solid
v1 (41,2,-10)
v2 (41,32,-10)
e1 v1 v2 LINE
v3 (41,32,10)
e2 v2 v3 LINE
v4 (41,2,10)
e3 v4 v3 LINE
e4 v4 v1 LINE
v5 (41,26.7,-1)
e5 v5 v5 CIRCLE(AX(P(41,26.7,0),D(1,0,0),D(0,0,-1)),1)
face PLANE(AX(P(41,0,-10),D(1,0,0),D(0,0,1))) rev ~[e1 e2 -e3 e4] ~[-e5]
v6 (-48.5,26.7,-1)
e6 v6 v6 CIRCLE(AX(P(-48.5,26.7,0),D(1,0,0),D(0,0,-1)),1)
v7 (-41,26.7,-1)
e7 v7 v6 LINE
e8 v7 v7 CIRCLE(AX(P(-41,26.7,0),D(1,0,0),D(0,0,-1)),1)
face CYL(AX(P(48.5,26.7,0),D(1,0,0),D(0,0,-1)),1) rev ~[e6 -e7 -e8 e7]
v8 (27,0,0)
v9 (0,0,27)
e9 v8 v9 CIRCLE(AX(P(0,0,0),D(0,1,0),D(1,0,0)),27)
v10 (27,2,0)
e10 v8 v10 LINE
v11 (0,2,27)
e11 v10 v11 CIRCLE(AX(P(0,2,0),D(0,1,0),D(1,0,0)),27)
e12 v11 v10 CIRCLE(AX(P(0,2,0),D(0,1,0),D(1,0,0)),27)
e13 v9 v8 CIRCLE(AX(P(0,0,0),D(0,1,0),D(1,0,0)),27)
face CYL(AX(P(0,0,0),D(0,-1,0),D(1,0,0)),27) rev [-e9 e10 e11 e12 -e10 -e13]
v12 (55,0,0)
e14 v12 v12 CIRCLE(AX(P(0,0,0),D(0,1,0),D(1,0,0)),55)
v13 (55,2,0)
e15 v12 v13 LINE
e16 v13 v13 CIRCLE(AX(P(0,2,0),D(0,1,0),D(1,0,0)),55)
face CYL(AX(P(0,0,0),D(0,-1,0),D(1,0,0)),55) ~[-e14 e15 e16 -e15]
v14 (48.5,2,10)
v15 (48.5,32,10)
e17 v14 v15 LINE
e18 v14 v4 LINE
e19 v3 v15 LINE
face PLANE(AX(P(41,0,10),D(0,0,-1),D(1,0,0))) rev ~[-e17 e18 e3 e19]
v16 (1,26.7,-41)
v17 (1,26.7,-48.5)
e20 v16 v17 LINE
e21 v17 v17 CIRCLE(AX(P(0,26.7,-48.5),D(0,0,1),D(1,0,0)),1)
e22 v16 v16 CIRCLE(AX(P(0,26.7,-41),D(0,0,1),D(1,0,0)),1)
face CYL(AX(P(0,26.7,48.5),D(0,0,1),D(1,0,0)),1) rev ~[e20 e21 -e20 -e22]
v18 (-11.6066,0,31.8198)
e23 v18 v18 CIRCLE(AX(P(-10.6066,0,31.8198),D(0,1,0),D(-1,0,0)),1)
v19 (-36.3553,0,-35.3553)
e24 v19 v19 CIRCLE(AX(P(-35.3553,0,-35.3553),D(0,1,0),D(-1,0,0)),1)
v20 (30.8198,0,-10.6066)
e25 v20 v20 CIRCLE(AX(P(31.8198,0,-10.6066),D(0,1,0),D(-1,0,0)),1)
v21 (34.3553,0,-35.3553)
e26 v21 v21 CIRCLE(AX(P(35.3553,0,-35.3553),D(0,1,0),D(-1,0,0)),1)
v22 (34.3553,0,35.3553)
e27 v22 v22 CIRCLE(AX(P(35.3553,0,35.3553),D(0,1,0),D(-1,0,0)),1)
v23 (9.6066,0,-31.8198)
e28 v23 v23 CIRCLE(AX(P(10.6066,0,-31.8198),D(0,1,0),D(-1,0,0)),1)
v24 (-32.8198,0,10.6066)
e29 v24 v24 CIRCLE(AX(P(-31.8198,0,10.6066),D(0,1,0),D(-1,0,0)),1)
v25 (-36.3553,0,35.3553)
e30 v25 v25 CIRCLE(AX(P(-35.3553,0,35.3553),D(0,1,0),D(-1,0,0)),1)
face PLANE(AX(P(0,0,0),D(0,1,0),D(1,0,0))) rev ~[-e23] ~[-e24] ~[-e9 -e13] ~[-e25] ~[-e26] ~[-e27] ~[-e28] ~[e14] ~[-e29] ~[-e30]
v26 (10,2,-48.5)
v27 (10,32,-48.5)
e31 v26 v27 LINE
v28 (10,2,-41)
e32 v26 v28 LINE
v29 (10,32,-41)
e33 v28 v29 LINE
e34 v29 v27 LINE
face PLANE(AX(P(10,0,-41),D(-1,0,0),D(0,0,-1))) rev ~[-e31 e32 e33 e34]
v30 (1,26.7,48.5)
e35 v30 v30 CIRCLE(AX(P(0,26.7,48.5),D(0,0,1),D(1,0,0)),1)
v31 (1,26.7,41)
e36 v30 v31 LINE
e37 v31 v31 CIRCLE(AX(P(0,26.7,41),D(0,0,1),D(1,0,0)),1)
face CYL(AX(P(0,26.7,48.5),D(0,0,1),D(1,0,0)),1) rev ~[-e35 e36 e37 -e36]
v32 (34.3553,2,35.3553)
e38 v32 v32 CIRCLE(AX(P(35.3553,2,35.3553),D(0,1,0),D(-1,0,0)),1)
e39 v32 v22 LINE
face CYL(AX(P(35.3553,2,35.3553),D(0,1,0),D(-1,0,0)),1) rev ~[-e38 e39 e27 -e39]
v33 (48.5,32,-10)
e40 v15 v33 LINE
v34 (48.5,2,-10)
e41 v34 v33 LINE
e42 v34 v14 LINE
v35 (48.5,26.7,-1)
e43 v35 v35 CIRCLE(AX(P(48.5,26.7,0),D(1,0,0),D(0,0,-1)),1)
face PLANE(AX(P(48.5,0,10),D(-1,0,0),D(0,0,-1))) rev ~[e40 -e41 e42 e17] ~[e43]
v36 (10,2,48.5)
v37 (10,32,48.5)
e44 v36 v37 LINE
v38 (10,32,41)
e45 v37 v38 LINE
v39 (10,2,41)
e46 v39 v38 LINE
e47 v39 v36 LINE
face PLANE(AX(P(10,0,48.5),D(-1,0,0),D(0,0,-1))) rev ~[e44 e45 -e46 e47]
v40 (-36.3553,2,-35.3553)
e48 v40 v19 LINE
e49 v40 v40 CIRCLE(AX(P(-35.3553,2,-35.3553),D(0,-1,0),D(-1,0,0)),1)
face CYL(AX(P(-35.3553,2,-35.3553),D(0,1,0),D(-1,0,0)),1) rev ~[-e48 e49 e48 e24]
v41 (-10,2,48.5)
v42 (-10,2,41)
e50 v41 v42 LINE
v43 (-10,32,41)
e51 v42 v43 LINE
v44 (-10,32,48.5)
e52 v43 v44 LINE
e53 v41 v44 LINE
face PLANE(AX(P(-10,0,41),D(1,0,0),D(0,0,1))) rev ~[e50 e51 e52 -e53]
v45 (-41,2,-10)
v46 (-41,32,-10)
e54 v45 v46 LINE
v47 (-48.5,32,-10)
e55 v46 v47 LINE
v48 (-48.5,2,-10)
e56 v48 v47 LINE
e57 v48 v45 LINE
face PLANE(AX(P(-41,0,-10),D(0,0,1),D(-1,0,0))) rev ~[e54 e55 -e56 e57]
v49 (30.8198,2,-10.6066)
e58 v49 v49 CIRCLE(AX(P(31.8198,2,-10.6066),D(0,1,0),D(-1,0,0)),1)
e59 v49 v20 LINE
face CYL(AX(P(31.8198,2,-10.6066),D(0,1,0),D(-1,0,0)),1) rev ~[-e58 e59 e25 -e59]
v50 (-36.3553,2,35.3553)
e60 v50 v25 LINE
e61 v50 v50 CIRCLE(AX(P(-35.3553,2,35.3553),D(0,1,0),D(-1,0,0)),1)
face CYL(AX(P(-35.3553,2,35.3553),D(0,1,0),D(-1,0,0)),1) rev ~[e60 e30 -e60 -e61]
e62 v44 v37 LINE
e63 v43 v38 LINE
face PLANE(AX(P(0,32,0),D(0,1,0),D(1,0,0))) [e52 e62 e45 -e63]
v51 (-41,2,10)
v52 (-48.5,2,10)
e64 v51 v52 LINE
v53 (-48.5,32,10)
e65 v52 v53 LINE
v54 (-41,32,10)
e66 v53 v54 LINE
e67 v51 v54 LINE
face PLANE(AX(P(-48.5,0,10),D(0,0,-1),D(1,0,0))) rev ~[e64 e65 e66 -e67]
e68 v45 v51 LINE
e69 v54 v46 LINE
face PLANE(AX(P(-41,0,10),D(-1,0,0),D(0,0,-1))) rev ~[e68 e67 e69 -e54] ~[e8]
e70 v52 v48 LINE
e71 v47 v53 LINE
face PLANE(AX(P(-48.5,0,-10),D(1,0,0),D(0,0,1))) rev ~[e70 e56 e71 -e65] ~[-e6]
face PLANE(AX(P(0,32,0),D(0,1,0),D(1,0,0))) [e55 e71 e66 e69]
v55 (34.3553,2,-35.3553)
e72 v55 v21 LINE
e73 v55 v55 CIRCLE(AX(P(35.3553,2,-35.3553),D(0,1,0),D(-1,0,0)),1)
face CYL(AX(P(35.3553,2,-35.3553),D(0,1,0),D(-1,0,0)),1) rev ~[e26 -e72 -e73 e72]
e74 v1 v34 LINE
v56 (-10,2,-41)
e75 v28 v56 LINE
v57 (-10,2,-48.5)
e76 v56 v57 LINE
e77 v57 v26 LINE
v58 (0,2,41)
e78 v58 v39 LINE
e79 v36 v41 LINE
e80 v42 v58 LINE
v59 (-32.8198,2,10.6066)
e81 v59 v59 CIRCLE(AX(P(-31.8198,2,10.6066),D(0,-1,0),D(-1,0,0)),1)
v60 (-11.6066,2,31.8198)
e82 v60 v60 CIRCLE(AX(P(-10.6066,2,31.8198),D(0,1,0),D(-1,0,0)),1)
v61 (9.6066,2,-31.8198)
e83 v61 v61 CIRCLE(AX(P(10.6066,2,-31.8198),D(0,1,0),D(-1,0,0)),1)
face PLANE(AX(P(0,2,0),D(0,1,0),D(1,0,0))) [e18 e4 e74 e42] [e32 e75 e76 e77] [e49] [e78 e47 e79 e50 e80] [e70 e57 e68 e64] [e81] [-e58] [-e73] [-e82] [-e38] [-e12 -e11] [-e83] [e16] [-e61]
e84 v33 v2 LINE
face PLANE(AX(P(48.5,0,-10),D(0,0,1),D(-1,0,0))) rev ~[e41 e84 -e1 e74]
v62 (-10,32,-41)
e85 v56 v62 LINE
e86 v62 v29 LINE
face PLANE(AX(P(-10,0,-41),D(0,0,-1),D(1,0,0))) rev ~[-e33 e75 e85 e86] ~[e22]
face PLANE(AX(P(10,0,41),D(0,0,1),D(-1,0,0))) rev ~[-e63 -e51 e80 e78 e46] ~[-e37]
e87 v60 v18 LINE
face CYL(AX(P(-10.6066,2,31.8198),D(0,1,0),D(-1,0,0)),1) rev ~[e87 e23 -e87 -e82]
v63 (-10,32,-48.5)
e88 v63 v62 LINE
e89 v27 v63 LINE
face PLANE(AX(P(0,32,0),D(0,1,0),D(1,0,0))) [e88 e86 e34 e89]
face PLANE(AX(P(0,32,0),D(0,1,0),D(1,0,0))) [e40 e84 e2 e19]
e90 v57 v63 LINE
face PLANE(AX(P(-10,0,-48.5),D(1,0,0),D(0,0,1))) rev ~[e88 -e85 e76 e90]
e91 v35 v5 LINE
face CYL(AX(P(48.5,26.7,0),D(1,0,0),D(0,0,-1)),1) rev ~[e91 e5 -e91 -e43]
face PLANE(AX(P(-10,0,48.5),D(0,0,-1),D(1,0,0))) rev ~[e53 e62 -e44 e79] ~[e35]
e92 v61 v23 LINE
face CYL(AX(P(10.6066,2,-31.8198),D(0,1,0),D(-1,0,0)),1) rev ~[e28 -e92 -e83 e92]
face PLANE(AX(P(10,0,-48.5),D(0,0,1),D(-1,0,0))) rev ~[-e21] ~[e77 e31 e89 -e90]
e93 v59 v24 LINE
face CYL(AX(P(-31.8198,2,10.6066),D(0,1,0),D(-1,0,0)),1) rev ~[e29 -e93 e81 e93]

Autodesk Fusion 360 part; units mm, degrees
sketch "Sketch1" plane through (0, 0, 0) normal (0, 1, 0) x (1, 0, 0)
  circle A0 centre (0, 0) radius 27
  circle A1 centre (0, 0) radius 55
  line L0 (10, -41) -> (-10, -41)
  line L1 (-10, -41) -> (-10, -48.5)
  line L2 (-10, -48.5) -> (10, -48.5)
  line L3 (10, -48.5) -> (10, -41)
  line L4 (10, -41) -> (-10, -48.5) construction
  line L5 (-10, -41) -> (10, -48.5) construction
  line L6 (41, 10) -> (48.5, -10) construction
  line L7 (41, 10) -> (41, -10)
  line L8 (48.5, -10) -> (48.5, 10)
  line L9 (48.5, 10) -> (41, 10)
  line L10 (41, -10) -> (48.5, 10) construction
  line L11 (41, -10) -> (48.5, -10)
  line L12 (-10, 41) -> (10, 48.5) construction
  line L13 (-10, 41) -> (10, 41)
  line L14 (10, 48.5) -> (-10, 48.5)
  line L15 (-10, 48.5) -> (-10, 41)
  line L16 (10, 41) -> (-10, 48.5) construction
  line L17 (10, 41) -> (10, 48.5)
  line L18 (-41, -10) -> (-48.5, 10) construction
  line L19 (-41, -10) -> (-41, 10)
  line L20 (-48.5, 10) -> (-48.5, -10)
  line L21 (-48.5, -10) -> (-41, -10)
  line L22 (-41, 10) -> (-48.5, -10) construction
  line L23 (-41, 10) -> (-48.5, 10)
  line L24 (0, 0) -> (0, -44.75)
  line L25 (0, 0) -> (27, 0)
  point P0 (0, -44.75)
  point P1 (44.75, 0)
  point P2 (0, 44.75)
  point P3 (-44.75, 0)
  dimension "d1" = 54
  dimension "d2" = 110
  dimension "d7" = 7.5
  dimension "d8" = 20
  dimension "d9" = 41
  dimension "d11" = 360
extrude "Extrude3" add sketch "Sketch1" along normal blind 2 contours L0 L1 L2 L3 | A1 | L7 L8 L9 L11 | L13 L14 L15 L17 | L19 L20 L21 L23
extrude "Extrude5" add sketch "Sketch1" along normal blind 32 contours L0 L1 L2 L3 | L7 L8 L9 L11 | L13 L14 L15 L17 | L19 L20 L21 L23
sketch "Sketch6" plane through (0, 2, 0) normal (0, 1, 0) x (-1, 0, 0)
  line L0 (-10, 48.5) -> (10, 48.5)
  line L1 (10, 48.5) -> (10, 41)
  line L2 (10, 41) -> (-10, 41)
  line L3 (-10, 41) -> (-10, 48.5)
  line L4 (41, -10) -> (41, 10)
  line L5 (41, 10) -> (48.5, 10)
  line L6 (48.5, 10) -> (48.5, -10)
  line L7 (48.5, -10) -> (41, -10)
  line L8 (-41, 10) -> (-41, -10)
  line L9 (-41, -10) -> (-48.5, -10)
  line L10 (-48.5, -10) -> (-48.5, 10)
  line L11 (-48.5, 10) -> (-41, 10)
  line L12 (-10, -41) -> (10, -41)
  line L13 (10, -41) -> (10, -48.5)
  line L14 (10, -48.5) -> (-10, -48.5)
  line L15 (-10, -48.5) -> (-10, -41)
  circle A0 centre (0, 0) radius 27
  circle A1 centre (0, 0) radius 55
  line L16 (29.6985, 15.5563) -> (26.8701, 12.7279)
  line L17 (12.7279, 26.8701) -> (15.5563, 29.6985)
  line L18 (18.1297, 22.7228) -> (20.9915, 22.7228) construction
  line L19 (15.3614, 25.1762) -> (18.4198, 25.1762) construction
  line L20 (17.8019, 25.9553) -> (17.4822, 25.9553) construction
  line L21 (29.6985, 15.5563) -> (26.8701, 12.7279)
  line L22 (26.8701, 12.7279) -> (22.6274, 16.9706)
  line L23 (22.6274, 16.9706) -> (25.4558, 19.799)
  line L24 (25.4558, 19.799) -> (29.6985, 15.5563)
  line L25 (15.5563, 29.6985) -> (12.7279, 26.8701)
  line L26 (12.7279, 26.8701) -> (16.9706, 22.6274)
  line L27 (16.9706, 22.6274) -> (19.799, 25.4558)
  line L28 (19.799, 25.4558) -> (15.5563, 29.6985)
  line L29 (22.6274, 16.9706) -> (16.9706, 22.6274)
  line L30 (0, 0) -> (27, 0)
  line L31 (0, 0) -> (19.799, 19.799)
  line L32 (-15.3614, -25.1762) -> (-18.4198, -25.1762) construction
  line L33 (-22.6274, -16.9706) -> (-25.4558, -19.799)
  line L34 (-12.7279, -26.8701) -> (-15.5563, -29.6985)
  line L35 (-26.8701, -12.7279) -> (-22.6274, -16.9706)
  line L36 (-12.7279, -26.8701) -> (-16.9706, -22.6274)
  line L37 (-25.4558, -19.799) -> (-29.6985, -15.5563)
  line L38 (-29.6985, -15.5563) -> (-26.8701, -12.7279)
  line L39 (-18.1297, -22.7228) -> (-20.9915, -22.7228) construction
  line L40 (-29.6985, -15.5563) -> (-26.8701, -12.7279)
  line L41 (-19.799, -25.4558) -> (-15.5563, -29.6985)
  line L42 (-16.9706, -22.6274) -> (-19.799, -25.4558)
  line L43 (-22.6274, -16.9706) -> (-16.9706, -22.6274)
  line L44 (-15.5563, -29.6985) -> (-12.7279, -26.8701)
  line L45 (-17.8019, -25.9553) -> (-17.4822, -25.9553) construction
  circle A2 centre (35.3553, -35.3553) radius 1
  line L46 (35.3553, -35.3553) -> (0, 0)
  circle A3 centre (35.3553, 35.3553) radius 1
  circle A4 centre (-35.3553, 35.3553) radius 1
  circle A5 centre (-35.3553, -35.3553) radius 1
  circle A6 centre (31.8198, 10.6066) radius 1
  line L47 (28.2843, 14.1421) -> (31.8198, 10.6066)
  line L48 (19.799, 19.799) -> (22.225, 22.225)
  circle A7 centre (10.6066, 31.8198) radius 1
  circle A8 centre (-31.8198, -10.6066) radius 1
  circle A9 centre (-10.6066, -31.8198) radius 1
  point P0 (19.799, 19.799)
  point P1 (-19.799, -19.799)
  point P2 (-19.799, -19.799)
  dimension "d37" = 4
  dimension "d38" = 20
  dimension "d43" = 6
  dimension "d44" = 6
  dimension "d45" = 4
  dimension "d46" = 45
  dimension "d48" = 360
  dimension "d61" = 2
  dimension "d62" = 45
  dimension "d63" = 50
  dimension "d65" = 360
  dimension "d68" = 2
  dimension "d69" = 5
  dimension "d71" = 360
  dimension "d74" = 16
  dimension "d75" = 28
extrude "Extrude12" cut sketch "Sketch6" against normal blind 30 contours A6 | A7 | A8 | A9
extrude "Extrude11" cut sketch "Sketch6" against normal blind 10 contours A2 | A3 | A4 | A5
sketch "Sketch8" plane through (0, 0, 48.5) normal (0, 0, 1) x (1, 0, 0)
  line L0 (-10, 2) -> (10, 2)
  line L1 (10, 2) -> (10, 32)
  line L2 (10, 32) -> (-10, 32)
  line L3 (-10, 32) -> (-10, 2)
  circle A0 centre (0, 26.7) radius 1
  dimension "d51" = 2
  dimension "d52" = 10
  dimension "d53" = 24.7
extrude "Extrude9" cut sketch "Sketch8" against normal blind 100 contours A0
sketch "Sketch9" plane through (48.5, 0, 0) normal (1, 0, 0) x (0, 0, -1)
  line L0 (-10, 2) -> (10, 2)
  line L1 (10, 2) -> (10, 32)
  line L2 (10, 32) -> (-10, 32)
  line L3 (-10, 32) -> (-10, 2)
  circle A0 centre (0, 26.7) radius 1
  dimension "d56" = 2
  dimension "d57" = 10
  dimension "d58" = 24.7
extrude "Extrude10" cut sketch "Sketch9" against normal blind 100 contours A0
sketch "Sketch10" plane through (0, 2, 0) normal (0, 1, 0) x (-1, 0, 0)
  circle A0 centre (35.3553, 35.3553) radius 1
  circle A1 centre (-35.3553, 35.3553) radius 1
  circle A2 centre (35.3553, -35.3553) radius 1
  circle A3 centre (-35.3553, -35.3553) radius 1
  circle A4 centre (-31.8198, -10.6066) radius 1
  circle A5 centre (31.8198, 10.6066) radius 1
  circle A6 centre (-10.6066, -31.8198) radius 1
  circle A7 centre (10.6066, 31.8198) radius 1
  line L0 (-10, 48.5) -> (10, 48.5)
  line L1 (10, 48.5) -> (10, 41)
  line L2 (10, 41) -> (-10, 41)
  line L3 (-10, 41) -> (-10, 48.5)
  line L4 (41, -10) -> (41, 10)
  line L5 (41, 10) -> (48.5, 10)
  line L6 (48.5, 10) -> (48.5, -10)
  line L7 (48.5, -10) -> (41, -10)
  line L8 (-41, 10) -> (-41, -10)
  line L9 (-41, -10) -> (-48.5, -10)
  line L10 (-48.5, -10) -> (-48.5, 10)
  line L11 (-48.5, 10) -> (-41, 10)
  line L12 (-10, -41) -> (10, -41)
  line L13 (10, -41) -> (10, -48.5)
  line L14 (10, -48.5) -> (-10, -48.5)
  line L15 (-10, -48.5) -> (-10, -41)
  circle A8 centre (0, 0) radius 27
  circle A9 centre (0, 0) radius 55
